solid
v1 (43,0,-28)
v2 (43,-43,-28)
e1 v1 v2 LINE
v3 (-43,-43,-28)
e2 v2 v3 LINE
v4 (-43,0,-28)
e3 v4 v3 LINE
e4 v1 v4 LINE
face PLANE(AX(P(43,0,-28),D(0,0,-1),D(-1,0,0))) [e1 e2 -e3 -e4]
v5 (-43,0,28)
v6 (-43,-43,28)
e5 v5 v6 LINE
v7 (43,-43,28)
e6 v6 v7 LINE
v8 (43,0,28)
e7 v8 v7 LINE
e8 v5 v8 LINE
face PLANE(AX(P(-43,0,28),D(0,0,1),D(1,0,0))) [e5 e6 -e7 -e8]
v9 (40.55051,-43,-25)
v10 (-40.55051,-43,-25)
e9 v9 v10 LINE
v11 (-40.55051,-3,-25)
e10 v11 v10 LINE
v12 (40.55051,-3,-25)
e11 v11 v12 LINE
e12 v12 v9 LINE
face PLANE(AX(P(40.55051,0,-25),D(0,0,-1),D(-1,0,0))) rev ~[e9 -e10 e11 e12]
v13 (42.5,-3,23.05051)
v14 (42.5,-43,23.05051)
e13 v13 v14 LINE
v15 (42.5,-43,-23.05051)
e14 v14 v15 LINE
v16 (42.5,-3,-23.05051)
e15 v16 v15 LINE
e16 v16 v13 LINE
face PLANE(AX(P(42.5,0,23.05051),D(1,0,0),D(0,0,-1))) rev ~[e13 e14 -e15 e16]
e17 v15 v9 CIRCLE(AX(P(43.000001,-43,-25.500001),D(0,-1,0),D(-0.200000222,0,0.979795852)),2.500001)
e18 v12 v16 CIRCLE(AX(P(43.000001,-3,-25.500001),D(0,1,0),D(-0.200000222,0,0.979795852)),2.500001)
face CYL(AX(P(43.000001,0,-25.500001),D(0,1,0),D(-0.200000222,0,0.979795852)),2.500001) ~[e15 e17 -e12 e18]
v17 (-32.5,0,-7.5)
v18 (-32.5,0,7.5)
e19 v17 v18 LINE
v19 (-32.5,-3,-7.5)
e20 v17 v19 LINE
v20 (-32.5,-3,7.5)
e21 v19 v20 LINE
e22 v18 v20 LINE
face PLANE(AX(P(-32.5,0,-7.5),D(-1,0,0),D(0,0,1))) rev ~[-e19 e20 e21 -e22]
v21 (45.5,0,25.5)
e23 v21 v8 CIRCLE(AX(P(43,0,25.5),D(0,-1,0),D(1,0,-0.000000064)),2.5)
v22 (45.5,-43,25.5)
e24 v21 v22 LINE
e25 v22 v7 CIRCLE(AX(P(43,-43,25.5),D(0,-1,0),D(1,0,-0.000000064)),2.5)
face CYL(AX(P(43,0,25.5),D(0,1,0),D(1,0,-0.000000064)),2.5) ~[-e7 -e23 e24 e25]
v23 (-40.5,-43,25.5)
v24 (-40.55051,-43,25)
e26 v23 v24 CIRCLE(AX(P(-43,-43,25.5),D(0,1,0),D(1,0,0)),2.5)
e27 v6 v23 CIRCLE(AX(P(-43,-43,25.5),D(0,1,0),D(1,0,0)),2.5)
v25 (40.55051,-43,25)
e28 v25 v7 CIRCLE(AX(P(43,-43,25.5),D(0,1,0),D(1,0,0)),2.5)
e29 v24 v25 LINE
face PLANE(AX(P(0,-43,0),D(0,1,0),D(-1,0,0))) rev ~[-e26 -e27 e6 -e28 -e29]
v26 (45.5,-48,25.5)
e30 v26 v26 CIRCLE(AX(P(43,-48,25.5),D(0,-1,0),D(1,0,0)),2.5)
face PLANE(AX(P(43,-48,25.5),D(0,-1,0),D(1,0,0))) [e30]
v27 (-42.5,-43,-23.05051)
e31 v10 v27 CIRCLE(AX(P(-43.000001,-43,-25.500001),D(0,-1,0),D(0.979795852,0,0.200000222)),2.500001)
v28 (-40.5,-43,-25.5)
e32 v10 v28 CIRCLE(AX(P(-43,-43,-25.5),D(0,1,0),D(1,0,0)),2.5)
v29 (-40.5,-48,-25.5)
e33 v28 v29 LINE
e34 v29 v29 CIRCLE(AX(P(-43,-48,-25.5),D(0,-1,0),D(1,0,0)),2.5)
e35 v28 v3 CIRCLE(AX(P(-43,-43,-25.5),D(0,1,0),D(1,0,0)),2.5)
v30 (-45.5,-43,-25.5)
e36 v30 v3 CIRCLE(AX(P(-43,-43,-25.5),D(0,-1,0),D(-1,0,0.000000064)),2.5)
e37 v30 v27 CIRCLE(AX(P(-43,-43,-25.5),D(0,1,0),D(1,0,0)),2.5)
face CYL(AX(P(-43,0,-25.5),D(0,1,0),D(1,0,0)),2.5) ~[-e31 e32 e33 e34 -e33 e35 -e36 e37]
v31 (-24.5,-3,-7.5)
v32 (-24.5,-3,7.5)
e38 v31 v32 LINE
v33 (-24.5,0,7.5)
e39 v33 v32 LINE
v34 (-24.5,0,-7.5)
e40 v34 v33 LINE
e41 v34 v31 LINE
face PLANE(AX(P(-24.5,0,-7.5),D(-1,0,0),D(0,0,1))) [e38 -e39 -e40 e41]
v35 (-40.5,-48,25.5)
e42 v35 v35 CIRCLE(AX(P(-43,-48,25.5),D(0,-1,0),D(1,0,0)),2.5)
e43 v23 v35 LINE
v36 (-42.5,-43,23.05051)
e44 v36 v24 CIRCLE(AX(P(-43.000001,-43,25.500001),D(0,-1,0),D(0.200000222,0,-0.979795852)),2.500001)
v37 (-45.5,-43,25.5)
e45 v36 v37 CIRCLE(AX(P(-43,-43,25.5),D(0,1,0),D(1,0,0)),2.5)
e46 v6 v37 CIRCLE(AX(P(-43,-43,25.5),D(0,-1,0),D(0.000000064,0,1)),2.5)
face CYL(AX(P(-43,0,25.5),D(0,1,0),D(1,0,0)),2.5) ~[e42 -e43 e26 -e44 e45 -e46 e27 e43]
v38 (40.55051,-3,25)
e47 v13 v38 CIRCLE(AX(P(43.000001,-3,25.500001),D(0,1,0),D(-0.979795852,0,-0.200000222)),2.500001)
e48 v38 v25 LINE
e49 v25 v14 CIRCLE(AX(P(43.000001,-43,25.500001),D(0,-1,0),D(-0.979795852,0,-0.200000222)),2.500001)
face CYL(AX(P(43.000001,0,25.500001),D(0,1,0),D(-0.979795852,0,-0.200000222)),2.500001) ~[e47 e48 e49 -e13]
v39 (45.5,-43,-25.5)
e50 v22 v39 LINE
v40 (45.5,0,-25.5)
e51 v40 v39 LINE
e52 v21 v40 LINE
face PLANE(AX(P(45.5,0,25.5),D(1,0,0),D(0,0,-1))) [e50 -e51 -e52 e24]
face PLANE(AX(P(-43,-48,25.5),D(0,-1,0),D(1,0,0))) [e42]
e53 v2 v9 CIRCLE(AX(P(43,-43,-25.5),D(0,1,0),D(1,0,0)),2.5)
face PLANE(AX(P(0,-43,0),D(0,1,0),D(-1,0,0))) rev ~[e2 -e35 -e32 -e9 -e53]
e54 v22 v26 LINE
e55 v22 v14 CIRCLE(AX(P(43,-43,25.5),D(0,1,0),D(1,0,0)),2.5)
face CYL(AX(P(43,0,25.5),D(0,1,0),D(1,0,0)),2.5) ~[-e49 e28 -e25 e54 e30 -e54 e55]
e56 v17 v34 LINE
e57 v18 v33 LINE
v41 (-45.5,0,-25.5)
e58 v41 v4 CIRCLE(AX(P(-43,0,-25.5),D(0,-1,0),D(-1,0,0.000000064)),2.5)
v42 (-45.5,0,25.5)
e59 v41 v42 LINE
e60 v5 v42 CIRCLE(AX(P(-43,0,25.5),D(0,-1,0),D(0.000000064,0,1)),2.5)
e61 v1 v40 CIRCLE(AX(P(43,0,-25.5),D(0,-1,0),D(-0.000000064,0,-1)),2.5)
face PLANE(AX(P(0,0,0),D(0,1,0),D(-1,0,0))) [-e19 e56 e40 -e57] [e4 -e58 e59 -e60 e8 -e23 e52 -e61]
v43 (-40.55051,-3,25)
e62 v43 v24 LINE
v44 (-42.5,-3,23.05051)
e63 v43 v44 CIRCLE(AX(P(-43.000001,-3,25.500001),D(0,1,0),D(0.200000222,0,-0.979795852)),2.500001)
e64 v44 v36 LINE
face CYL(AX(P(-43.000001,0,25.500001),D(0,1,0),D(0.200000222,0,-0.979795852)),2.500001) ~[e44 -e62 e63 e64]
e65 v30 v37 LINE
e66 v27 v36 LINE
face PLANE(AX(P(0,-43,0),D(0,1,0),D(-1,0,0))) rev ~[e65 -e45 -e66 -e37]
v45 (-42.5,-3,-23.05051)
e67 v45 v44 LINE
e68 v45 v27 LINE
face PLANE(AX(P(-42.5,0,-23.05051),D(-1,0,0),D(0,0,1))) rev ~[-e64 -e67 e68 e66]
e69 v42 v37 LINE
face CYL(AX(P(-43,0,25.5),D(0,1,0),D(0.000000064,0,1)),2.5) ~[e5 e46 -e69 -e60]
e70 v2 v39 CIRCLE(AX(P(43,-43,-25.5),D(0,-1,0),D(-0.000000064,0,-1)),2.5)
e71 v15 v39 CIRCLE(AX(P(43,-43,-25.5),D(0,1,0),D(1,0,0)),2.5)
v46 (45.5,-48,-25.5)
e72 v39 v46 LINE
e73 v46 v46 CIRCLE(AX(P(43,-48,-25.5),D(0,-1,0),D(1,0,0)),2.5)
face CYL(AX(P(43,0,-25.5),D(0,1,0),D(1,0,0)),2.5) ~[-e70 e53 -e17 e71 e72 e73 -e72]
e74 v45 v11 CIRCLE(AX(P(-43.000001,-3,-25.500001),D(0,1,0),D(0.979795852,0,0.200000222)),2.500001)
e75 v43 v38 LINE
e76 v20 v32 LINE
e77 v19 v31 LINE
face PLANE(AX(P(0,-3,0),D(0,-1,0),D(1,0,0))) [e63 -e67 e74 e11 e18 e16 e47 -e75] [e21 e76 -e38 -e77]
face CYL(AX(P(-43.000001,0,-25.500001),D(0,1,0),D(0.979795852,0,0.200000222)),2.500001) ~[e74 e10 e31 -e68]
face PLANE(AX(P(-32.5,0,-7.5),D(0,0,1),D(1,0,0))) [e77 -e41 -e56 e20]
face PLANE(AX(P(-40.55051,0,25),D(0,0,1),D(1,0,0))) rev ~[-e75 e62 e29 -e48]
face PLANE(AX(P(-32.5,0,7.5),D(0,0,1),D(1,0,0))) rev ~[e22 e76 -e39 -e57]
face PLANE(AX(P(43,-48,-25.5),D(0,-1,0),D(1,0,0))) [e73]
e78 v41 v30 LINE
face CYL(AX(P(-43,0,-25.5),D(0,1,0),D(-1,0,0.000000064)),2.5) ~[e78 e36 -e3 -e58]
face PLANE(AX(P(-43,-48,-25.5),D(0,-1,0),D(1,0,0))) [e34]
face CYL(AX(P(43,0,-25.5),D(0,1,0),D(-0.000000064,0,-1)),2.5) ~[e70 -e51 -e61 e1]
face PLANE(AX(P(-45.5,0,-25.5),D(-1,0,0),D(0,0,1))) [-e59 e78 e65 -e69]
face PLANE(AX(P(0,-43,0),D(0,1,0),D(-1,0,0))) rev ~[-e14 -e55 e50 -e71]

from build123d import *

# Parameters (mm, degrees)
PAD_DEPTH     = 43
SKETCH001_W   = 85
SKETCH001_H   = 50
SKETCH001_W_2 = 8
SKETCH001_H_2 = 15
PAD001_DEPTH  = 3
SKETCH002_R   = 2.5
PAD002_DEPTH  = 48


with BuildPart() as part:
    # Sketch → Pad (new body)
    with BuildSketch(Plane.XZ):
        with BuildLine():
            Line((-43, 28), (43, 28))
            ThreePointArc((45.5, 25.5), (44.767767, 27.267767), (43, 28))
            Line((45.5, 25.5), (45.5, -25.5))
            ThreePointArc((43, -28), (44.767767, -27.267767), (45.5, -25.5))
            Line((43, -28), (-43, -28))
            ThreePointArc((-45.5, -25.5), (-44.767767, -27.267767), (-43, -28))
            Line((-45.5, -25.5), (-45.5, 25.5))
            ThreePointArc((-43, 28), (-44.767767, 27.267767), (-45.5, 25.5))
        make_face()
        with BuildLine():
            Line((-40.55051, 25), (40.55051, 25))
            ThreePointArc((40.55051, 25), (41.232233, 23.732233), (42.5, 23.05051))
            Line((42.5, 23.05051), (42.5, -23.05051))
            ThreePointArc((42.5, -23.05051), (41.232233, -23.732233), (40.55051, -25))
            Line((40.55051, -25), (-40.55051, -25))
            ThreePointArc((-40.55051, -25), (-41.232233, -23.732233), (-42.5, -23.05051))
            Line((-42.5, -23.05051), (-42.5, 23.05051))
            ThreePointArc((-42.5, 23.05051), (-41.232233, 23.732233), (-40.55051, 25))
        make_face(mode=Mode.SUBTRACT)
    extrude(amount=PAD_DEPTH)

    # Sketch001 → Pad001 (join)
    with BuildSketch(Plane.XZ):
        Rectangle(SKETCH001_W, SKETCH001_H)
        with Locations((-28.5, 0)):
            Rectangle(SKETCH001_W_2, SKETCH001_H_2, mode=Mode.SUBTRACT)
    extrude(amount=PAD001_DEPTH)

    # Sketch002 → Pad002 (join)
    with BuildSketch(Plane.XZ):
        with Locations((-43, 25.5)):
            Circle(SKETCH002_R)
        with Locations((43, 25.5)):
            Circle(SKETCH002_R)
        with Locations((43, -25.5)):
            Circle(SKETCH002_R)
        with Locations((-43, -25.5)):
            Circle(SKETCH002_R)
    extrude(amount=PAD002_DEPTH)


solid = part.part
